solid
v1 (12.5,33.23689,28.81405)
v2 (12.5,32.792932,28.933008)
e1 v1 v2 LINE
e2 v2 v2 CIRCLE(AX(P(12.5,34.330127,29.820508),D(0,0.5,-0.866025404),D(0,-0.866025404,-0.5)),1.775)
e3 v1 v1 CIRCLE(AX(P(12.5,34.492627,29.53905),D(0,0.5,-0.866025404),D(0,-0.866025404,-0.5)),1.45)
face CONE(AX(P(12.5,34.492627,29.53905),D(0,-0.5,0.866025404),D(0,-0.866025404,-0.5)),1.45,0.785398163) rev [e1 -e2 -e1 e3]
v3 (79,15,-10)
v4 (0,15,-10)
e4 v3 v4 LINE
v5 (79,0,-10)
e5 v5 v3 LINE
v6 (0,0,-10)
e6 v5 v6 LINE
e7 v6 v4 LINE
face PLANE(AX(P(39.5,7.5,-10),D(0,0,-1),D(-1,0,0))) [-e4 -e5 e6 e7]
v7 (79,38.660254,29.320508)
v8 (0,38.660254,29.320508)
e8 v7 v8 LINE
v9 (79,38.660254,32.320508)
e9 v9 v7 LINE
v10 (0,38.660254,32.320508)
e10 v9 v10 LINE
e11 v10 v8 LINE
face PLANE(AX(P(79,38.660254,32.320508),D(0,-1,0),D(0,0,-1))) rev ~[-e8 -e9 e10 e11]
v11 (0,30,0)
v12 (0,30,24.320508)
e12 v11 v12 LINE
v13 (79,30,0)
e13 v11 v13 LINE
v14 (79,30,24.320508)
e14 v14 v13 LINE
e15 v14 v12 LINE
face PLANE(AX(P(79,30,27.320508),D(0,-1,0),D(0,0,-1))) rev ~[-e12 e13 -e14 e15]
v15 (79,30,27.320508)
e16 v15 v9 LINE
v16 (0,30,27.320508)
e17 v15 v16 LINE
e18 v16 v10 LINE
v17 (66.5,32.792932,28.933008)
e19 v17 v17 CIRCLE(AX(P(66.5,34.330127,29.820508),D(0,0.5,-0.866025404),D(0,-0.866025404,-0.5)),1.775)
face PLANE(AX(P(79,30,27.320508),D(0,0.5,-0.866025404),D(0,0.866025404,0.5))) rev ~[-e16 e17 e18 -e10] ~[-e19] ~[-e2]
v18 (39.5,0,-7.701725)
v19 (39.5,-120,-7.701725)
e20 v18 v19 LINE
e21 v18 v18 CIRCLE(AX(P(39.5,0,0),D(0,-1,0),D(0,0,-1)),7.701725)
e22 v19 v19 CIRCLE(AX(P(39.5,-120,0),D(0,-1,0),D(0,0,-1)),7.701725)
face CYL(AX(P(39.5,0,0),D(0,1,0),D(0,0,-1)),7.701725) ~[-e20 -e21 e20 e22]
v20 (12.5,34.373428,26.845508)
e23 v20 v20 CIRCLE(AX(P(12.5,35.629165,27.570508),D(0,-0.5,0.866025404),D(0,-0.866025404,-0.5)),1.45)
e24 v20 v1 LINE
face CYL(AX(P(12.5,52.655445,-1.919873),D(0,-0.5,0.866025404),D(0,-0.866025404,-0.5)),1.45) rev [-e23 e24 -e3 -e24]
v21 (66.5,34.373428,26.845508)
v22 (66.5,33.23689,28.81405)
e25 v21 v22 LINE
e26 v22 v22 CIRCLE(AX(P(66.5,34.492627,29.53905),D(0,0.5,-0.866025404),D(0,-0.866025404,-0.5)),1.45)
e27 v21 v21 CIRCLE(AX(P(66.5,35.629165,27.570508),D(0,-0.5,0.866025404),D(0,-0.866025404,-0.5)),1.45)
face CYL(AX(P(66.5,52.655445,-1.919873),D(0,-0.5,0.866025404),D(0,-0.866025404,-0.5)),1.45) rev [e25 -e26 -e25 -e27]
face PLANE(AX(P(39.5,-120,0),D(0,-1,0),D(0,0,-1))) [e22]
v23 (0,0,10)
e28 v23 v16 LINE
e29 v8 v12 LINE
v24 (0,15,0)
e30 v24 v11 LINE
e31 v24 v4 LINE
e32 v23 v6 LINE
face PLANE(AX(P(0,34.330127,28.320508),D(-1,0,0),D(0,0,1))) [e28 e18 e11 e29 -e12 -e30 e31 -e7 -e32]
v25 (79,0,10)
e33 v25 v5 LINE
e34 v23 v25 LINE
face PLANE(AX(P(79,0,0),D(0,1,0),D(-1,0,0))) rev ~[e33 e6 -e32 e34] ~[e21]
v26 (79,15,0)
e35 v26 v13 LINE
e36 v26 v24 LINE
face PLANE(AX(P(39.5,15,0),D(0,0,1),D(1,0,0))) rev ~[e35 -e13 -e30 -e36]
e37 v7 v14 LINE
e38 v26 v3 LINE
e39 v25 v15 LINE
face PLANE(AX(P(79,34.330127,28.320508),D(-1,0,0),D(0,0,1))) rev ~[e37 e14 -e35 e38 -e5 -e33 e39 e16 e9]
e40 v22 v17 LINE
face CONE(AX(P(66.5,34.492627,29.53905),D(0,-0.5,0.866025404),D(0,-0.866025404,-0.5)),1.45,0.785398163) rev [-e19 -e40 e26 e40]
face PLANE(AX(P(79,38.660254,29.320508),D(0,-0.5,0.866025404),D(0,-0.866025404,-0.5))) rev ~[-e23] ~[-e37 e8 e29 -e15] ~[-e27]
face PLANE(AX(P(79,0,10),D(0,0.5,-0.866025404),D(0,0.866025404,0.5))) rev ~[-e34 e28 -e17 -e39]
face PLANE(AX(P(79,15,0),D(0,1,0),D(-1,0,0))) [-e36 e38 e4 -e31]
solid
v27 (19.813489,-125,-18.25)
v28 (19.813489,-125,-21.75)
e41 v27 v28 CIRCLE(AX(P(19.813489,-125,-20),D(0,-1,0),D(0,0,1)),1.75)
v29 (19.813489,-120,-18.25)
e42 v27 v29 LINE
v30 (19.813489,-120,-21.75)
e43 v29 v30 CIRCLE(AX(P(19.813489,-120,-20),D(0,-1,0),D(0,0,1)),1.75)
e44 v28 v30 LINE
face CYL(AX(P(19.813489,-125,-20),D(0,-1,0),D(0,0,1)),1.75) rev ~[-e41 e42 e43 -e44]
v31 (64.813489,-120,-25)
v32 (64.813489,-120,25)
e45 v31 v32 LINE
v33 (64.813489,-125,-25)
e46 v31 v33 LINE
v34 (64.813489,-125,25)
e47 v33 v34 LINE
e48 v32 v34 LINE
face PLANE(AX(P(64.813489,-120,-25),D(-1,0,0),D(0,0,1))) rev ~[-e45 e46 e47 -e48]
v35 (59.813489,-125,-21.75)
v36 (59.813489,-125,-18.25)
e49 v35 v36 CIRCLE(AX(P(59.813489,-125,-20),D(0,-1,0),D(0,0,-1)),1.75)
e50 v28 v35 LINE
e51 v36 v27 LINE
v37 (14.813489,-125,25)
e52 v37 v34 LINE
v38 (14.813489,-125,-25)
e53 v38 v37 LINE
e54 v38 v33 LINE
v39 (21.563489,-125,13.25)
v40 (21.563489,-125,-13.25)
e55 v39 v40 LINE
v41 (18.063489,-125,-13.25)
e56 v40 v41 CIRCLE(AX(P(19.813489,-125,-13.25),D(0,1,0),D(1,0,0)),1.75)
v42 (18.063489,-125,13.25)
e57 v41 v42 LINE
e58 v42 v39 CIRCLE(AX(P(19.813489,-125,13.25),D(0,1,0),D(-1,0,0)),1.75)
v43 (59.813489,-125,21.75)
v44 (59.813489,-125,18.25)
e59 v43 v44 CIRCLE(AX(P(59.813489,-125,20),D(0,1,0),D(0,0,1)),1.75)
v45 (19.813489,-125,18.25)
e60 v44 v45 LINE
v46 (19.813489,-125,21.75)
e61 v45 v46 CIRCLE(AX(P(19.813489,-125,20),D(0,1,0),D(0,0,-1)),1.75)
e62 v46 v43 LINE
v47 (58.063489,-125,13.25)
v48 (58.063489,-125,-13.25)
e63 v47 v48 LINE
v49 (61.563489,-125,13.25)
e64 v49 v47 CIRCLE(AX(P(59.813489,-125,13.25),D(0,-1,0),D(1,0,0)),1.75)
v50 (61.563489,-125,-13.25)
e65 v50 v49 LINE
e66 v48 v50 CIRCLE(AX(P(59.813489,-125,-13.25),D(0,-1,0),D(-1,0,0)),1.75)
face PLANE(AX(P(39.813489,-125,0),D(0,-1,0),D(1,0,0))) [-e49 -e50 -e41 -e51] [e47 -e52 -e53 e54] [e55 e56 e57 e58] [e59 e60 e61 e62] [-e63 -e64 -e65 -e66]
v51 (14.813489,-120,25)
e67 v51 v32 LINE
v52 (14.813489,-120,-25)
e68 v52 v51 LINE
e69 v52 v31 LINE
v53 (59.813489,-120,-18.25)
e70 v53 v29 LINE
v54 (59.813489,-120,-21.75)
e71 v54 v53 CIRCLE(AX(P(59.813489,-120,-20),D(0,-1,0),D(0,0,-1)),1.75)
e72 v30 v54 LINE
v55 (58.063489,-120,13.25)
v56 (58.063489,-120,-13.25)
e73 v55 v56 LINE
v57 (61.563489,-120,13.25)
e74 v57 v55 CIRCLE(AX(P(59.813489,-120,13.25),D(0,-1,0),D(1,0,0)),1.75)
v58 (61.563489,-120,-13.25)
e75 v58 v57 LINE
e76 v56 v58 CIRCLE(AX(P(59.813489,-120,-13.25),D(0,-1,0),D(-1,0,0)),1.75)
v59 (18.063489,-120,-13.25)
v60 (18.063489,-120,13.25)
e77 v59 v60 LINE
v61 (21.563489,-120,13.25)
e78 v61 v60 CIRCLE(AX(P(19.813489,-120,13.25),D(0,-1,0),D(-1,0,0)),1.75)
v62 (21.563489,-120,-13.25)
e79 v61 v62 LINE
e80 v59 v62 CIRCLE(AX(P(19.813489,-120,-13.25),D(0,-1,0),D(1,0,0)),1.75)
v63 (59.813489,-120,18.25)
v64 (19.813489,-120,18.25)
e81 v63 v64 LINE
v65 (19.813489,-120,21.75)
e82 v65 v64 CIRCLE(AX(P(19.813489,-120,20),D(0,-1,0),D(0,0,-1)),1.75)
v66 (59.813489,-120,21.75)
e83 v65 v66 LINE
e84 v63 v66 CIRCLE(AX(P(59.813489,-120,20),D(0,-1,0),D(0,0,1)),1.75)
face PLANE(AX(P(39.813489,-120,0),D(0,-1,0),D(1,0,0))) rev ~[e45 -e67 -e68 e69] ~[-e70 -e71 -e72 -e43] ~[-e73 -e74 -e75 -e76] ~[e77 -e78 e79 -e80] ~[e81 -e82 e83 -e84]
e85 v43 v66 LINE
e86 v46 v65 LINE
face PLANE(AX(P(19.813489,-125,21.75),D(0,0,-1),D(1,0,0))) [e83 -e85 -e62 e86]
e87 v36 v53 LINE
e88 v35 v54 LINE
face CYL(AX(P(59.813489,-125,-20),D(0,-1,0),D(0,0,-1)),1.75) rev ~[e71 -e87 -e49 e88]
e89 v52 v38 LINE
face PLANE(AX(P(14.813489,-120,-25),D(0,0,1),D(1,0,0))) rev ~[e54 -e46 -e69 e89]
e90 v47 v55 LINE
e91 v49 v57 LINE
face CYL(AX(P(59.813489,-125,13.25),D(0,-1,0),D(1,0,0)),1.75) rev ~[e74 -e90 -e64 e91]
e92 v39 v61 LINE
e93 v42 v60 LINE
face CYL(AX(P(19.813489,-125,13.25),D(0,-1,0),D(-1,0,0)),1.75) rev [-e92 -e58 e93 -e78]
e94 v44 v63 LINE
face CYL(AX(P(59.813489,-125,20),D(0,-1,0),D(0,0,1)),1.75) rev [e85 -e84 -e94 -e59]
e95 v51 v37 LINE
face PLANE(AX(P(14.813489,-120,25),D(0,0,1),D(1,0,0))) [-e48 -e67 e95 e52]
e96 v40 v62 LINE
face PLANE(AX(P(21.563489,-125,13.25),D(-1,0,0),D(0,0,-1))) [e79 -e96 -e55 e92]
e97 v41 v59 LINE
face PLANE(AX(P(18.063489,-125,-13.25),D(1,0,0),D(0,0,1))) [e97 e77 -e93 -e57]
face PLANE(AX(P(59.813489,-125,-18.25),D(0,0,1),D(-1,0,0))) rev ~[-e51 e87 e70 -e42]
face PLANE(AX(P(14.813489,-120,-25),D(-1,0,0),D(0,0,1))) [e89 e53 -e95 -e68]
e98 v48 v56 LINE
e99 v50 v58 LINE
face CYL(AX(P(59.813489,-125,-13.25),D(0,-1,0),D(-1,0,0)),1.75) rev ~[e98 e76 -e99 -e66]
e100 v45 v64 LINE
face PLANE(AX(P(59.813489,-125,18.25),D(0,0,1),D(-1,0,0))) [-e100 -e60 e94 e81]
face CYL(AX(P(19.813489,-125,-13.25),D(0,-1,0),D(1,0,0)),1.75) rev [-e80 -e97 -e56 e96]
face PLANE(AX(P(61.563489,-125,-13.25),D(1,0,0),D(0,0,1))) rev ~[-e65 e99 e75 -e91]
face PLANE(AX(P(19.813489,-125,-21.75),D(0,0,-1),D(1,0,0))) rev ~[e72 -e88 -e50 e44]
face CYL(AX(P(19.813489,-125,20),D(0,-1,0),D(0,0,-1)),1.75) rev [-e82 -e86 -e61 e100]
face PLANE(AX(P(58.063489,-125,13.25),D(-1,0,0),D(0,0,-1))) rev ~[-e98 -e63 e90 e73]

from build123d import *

# Parameters (mm, degrees)
SKETCH_1_W                    = 79
SKETCH_1_H                    = 30
EXTRUDE_2_DEPTH               = 10
SKETCH_9_W                    = 79
SKETCH_9_H                    = 15
EXTRUDE_3_DEPTH               = 10
SKETCH_10_R                   = 7.701725444
EXTRUDE_4_DEPTH               = 120
SKETCH_11_W                   = 50
SKETCH_11_H                   = 50
EXTRUDE_5_DEPTH               = 5
CUT_EXTRUDE_1_DEPTH           = 10
EXTRUDE_6_DEPTH               = 79
EXTRUDE_7_DEPTH               = 79
HOLE_WIZARD_M3_5_1_AT_2_COUNT = 2
HOLE_WIZARD_M3_5_1_AT_2_PITCH = 54


with BuildPart() as part:
    # 草图1 → 凸台-拉伸2 (new body)
    with BuildSketch(Plane.XY):
        with Locations((39.5, 15)):
            Rectangle(SKETCH_1_W, SKETCH_1_H)
    extrude(amount=EXTRUDE_2_DEPTH)

    # 草图9 → 凸台-拉伸3 (add)
    with BuildSketch(Plane(origin=(0, 0, 0), x_dir=(-1, 0, 0), z_dir=(0, 0, -1))):
        with Locations((-39.5, 7.5)):
            Rectangle(SKETCH_9_W, SKETCH_9_H)
    extrude(amount=EXTRUDE_3_DEPTH)

    # 草图10 → 凸台-拉伸4 (add)
    with BuildSketch(Plane.XZ):
        with Locations(Location((39.5, 0, 0), (0, 0, 270))):
            Circle(SKETCH_10_R)
    extrude(amount=EXTRUDE_4_DEPTH)

    # 草图13 → 凸台-拉伸6 (add)
    with BuildSketch(Plane(origin=(79, 0, 0), x_dir=(0, 0, -1), z_dir=(1, 0, 0))):
        Polygon((-10, 0), (-27.320508076, 30), (-10, 30), align=None)
    extrude(amount=-EXTRUDE_6_DEPTH)

    # 草图16 → 凸台-拉伸7 (add)
    with BuildSketch(Plane(origin=(79, 0, 0), x_dir=(0, 0, -1), z_dir=(1, 0, 0))):
        Polygon((-27.320508076, 30), (-32.320508076, 38.660254038), (-29.320508076, 38.660254038), (-24.320508076, 30), align=None)
    extrude(amount=-EXTRUDE_7_DEPTH)

    # 草图18 → M3.5 螺纹孔1 (revolve, cut)
    with BuildSketch(Plane(origin=(12.5, 34.330127019, 29.820508076), x_dir=(0, -0.8660254037844362, -0.5000000000000046), z_dir=(1, 0, 0))):
        Polygon((0, 0), (0, 36.650635095), (1.45, 36.650635095), (1.45, 0.325), (1.775, 0), align=None)
    hole_wizard_m3_5_1 = revolve(axis=Axis((12.5, 31.155127019, 35.31976939), (0, 0.5000000000000046, -0.866025403784436)), mode=Mode.SUBTRACT)

    # M3.5 螺纹孔1 at 2: M3.5 螺纹孔1 ×2
    with Locations(*[(i * HOLE_WIZARD_M3_5_1_AT_2_PITCH, 0, 0) for i in range(1, HOLE_WIZARD_M3_5_1_AT_2_COUNT)]):
        add(hole_wizard_m3_5_1, mode=Mode.SUBTRACT)


with BuildPart() as body_2:
    # 草图11 → 凸台-拉伸5 (new body)
    with BuildSketch(Plane.XZ.offset(120)):
        with Locations((39.813489276, 0)):
            Rectangle(SKETCH_11_W, SKETCH_11_H)
    extrude(amount=EXTRUDE_5_DEPTH)

    # 草图12 → 切除-拉伸1 (cut)
    with BuildSketch(Plane.XZ.offset(125)):
        with BuildLine():
            Line((19.813489276, 21.75), (59.813489276, 21.75))
            ThreePointArc((59.813489276, 21.75), (61.563489276, 20), (59.813489276, 18.25))
            Line((59.813489276, 18.25), (19.813489276, 18.25))
            ThreePointArc((19.813489276, 18.25), (18.063489276, 20), (19.813489276, 21.75))
        make_face()
        with BuildLine():
            Line((19.813489276, -21.75), (59.813489276, -21.75))
            ThreePointArc((59.813489276, -21.75), (61.563489276, -20), (59.813489276, -18.25))
            Line((59.813489276, -18.25), (19.813489276, -18.25))
            ThreePointArc((19.813489276, -18.25), (18.063489276, -20), (19.813489276, -21.75))
        make_face()
        with BuildLine():
            Line((21.563489276, 13.25), (21.563489276, -13.25))
            ThreePointArc((21.563489276, -13.25), (19.813489276, -15), (18.063489276, -13.25))
            Line((18.063489276, -13.25), (18.063489276, 13.25))
            ThreePointArc((18.063489276, 13.25), (19.813489276, 15), (21.563489276, 13.25))
        make_face()
        with BuildLine():
            Line((58.063489276, 13.25), (58.063489276, -13.25))
            ThreePointArc((58.063489276, -13.25), (59.813489276, -15), (61.563489276, -13.25))
            Line((61.563489276, -13.25), (61.563489276, 13.25))
            ThreePointArc((61.563489276, 13.25), (59.813489276, 15), (58.063489276, 13.25))
        make_face()
    extrude(amount=-CUT_EXTRUDE_1_DEPTH, mode=Mode.SUBTRACT)


solid = Compound([part.part, body_2.part])
